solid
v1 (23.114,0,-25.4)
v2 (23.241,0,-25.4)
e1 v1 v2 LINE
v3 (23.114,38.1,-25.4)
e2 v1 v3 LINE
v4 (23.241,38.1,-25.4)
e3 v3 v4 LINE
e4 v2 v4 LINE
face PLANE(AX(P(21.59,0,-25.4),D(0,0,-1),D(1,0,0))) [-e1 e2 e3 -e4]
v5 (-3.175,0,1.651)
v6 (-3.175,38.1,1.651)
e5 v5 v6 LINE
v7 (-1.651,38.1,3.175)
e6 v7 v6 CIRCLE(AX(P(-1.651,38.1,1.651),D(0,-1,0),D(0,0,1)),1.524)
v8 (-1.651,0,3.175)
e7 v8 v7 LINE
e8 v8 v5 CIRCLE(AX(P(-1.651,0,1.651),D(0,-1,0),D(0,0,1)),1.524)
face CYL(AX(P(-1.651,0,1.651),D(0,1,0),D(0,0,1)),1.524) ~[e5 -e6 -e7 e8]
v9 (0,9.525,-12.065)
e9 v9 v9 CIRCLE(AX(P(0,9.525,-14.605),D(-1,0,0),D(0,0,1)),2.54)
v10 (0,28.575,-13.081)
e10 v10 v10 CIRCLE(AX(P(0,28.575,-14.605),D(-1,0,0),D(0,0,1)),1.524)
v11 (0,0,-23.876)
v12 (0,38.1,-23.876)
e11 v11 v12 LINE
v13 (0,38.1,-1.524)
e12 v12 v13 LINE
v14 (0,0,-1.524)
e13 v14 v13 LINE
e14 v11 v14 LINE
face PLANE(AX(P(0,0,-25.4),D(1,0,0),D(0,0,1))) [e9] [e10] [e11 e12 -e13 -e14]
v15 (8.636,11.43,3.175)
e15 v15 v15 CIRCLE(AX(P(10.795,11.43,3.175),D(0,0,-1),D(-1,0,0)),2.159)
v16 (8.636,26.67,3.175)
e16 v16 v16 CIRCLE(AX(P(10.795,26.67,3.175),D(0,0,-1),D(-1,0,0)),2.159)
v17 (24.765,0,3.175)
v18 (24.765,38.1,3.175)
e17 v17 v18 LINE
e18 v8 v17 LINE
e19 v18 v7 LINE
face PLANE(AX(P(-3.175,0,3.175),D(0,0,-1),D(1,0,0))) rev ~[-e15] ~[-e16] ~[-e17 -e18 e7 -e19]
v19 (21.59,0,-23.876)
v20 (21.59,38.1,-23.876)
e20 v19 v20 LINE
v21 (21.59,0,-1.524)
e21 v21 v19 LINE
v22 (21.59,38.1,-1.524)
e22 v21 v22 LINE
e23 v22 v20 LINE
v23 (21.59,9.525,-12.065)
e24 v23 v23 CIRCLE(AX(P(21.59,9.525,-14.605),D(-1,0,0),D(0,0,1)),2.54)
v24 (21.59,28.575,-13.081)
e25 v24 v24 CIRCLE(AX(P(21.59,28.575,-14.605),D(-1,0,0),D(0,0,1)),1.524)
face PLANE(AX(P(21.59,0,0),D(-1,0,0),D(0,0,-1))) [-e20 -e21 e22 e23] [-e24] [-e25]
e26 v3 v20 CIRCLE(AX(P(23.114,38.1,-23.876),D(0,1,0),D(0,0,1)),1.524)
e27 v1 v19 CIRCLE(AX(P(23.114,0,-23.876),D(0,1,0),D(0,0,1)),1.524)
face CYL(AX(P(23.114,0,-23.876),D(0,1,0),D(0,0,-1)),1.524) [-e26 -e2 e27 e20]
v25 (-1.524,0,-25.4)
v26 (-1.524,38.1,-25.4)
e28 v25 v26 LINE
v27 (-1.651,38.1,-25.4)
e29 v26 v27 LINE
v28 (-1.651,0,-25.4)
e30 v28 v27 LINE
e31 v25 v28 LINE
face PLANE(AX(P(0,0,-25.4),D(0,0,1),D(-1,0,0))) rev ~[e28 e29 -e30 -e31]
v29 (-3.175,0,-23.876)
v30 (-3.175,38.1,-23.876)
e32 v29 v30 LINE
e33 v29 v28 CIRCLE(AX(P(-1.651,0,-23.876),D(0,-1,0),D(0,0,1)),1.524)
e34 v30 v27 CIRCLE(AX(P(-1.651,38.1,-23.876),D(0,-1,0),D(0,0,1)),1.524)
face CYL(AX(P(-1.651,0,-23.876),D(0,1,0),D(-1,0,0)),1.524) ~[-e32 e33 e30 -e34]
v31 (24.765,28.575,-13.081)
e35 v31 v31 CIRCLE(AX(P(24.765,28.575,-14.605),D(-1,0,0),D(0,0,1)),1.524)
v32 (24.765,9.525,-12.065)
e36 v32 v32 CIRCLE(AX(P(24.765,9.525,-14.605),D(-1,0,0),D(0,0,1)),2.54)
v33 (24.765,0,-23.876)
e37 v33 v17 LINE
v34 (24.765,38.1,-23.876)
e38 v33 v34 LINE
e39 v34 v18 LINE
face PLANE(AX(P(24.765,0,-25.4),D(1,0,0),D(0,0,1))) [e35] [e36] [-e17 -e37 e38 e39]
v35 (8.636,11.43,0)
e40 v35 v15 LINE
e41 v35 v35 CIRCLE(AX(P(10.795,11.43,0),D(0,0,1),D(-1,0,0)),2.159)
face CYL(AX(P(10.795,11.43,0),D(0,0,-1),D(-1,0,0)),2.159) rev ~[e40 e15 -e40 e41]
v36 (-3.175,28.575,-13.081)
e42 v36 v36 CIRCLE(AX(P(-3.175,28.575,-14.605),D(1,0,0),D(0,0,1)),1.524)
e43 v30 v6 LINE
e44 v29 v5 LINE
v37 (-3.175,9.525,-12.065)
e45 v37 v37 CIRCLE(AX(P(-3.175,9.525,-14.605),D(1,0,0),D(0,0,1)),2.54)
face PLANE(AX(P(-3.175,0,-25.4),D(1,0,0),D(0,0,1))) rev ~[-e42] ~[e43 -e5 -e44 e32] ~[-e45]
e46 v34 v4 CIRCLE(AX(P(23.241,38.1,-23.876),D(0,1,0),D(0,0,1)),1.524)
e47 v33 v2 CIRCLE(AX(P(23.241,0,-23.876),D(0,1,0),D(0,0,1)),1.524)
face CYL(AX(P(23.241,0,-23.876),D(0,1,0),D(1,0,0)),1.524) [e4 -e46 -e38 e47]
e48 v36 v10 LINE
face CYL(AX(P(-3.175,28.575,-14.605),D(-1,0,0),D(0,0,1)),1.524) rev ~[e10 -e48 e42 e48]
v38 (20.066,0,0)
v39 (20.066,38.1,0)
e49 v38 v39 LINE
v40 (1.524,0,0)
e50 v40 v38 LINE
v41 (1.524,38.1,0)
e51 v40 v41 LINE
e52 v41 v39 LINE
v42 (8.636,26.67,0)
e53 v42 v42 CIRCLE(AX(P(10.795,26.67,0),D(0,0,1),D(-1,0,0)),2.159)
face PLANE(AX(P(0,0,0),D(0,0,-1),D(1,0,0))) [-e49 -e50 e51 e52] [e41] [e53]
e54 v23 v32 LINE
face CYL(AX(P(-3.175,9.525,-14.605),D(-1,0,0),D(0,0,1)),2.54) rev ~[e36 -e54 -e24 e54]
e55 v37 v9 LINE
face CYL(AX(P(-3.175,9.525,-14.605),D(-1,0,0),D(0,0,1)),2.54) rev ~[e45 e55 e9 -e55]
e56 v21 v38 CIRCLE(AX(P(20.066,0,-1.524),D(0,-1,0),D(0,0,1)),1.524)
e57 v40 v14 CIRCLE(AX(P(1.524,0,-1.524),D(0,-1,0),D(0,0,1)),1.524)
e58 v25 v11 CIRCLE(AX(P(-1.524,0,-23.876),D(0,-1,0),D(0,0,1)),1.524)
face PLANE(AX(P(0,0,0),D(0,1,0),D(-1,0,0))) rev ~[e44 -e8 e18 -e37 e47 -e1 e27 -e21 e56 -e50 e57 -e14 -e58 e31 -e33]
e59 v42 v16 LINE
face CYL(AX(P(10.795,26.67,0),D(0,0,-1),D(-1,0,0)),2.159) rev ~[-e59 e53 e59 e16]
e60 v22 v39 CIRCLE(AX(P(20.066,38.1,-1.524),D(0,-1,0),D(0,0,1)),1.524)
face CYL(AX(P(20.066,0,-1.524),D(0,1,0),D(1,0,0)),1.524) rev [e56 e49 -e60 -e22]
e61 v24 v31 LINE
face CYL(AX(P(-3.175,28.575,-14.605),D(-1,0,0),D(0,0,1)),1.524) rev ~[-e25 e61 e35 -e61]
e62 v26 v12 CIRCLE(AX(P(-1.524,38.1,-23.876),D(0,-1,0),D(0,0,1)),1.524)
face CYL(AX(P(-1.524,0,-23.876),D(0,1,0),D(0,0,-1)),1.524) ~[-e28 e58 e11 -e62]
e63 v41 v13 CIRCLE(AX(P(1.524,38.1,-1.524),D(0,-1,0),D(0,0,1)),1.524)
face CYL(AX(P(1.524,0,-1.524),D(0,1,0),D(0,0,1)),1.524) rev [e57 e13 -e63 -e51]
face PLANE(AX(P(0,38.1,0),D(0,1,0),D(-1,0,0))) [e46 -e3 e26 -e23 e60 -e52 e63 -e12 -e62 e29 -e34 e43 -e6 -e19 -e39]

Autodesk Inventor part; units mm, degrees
ref_plane "YZ Plane" through (0, 0, 0) normal (1, 0, 0) x (0, 1, 0)
ref_plane "XZ Plane" through (0, 0, 0) normal (0, 1, 0) x (-1, 0, 0)
ref_plane "XY Plane" through (0, 0, 0) normal (0, 0, 1) x (1, 0, 0)
sketch "Sketch1" plane through (0, 0, 0) normal (0, 1, 0) x (-1, 0, 0)
  line L0 (0, 0) -> (-21.59, 0)
  line L1 (-21.59, 0) -> (-21.59, -25.4)
  line L2 (-21.59, -25.4) -> (0, -25.4)
  line L3 (0, -25.4) -> (0, 0)
  line L4 (0, -25.4) -> (3.175, -25.4)
  line L5 (3.175, -25.4) -> (3.175, 3.175)
  line L6 (3.175, 3.175) -> (0, 3.175)
  line L7 (0, 3.175) -> (0, -25.4)
  line L8 (-21.59, -25.4) -> (-24.765, -25.4)
  line L9 (-24.765, -25.4) -> (-24.765, 3.175)
  line L10 (-24.765, 3.175) -> (-21.59, 3.175)
  line L11 (-21.59, 3.175) -> (-21.59, -25.4)
  line L12 (-21.59, 3.175) -> (0, 3.175)
  line L13 (0, 3.175) -> (0, 0)
  line L14 (0, 0) -> (-21.59, 0)
  line L15 (-21.59, 0) -> (-21.59, 3.175)
  dimension "d0" = 21.59
  dimension "d1" = 25.4
  dimension "d2" = 3.175
  dimension "d3" = 28.575
  dimension "d4" = 3.175
extrude "Extrusion1" add sketch "Sketch1" along normal blind 38.1 contours L7 L6 L5 L4 L3 | L0 L11 L12 L7 | L1 L8 L9 L10 L11
sketch "Sketch2" plane through (21.59, 0, 0) normal (0, 0, -1) x (-1, 0, 0)
  line L0 (24.765, 38.1) -> (-3.175, 38.1) projected
  line L1 (10.795, 38.1) -> (10.795, 26.67)
  line L2 (10.795, 38.1) -> (22.225, 38.1) construction
  line L3 (24.765, 0) -> (-3.175, 0) projected
  line L4 (10.795, 0) -> (10.795, 11.43)
  line L5 (10.795, 0) -> (22.225, 0) construction
  circle A0 centre (10.795, 26.67) radius 2.159
  circle A1 centre (10.795, 11.43) radius 2.159
  point P0 (21.59, 0)
  dimension "d7" = 11.43
  dimension "d8" = 90
  dimension "d9" = 11.43
  dimension "d10" = 90
  dimension "d11" = 4.318
  dimension "d12" = 4.318
sketch "Sketch3" plane through (-3.175, 0, -25.4) normal (-1, 0, 0) x (0, 0, 1)
  line L0 (28.575, 38.1) -> (0, 38.1) projected
  line L1 (0, 38.1) -> (10.795, 38.1)
  line L2 (10.795, 38.1) -> (10.795, 28.575)
  line L3 (28.575, 0) -> (0, 0) projected
  line L4 (10.795, 0) -> (10.795, 9.525)
  line L5 (10.795, 0) -> (20.32, 0) construction
  circle A0 centre (10.795, 28.575) radius 1.524
  circle A1 centre (10.795, 9.525) radius 2.54
  point P0 (25.4, 0)
  dimension "d13" = 10.795
  dimension "d14" = 9.525
  dimension "d15" = 90
  dimension "d16" = 9.525
  dimension "d17" = 90
  dimension "d18" = 3.048
  dimension "d19" = 5.08
extrude "Extrusion2" cut sketch "Sketch2" against normal blind 38.1
extrude "Extrusion3" cut sketch "Sketch3" against normal blind 38.1
fillet "Fillet1" radius 1.524 7 edges at (-3.175, 19.05, 3.175) (0, 19.05, 0) (24.765, 19.05, -25.4) (21.59, 19.05, -25.4) (21.59, 19.05, 0) (0, 19.05, -25.4) (-3.175, 19.05, -25.4)
properties part number "Long Robotics Mount V2"
